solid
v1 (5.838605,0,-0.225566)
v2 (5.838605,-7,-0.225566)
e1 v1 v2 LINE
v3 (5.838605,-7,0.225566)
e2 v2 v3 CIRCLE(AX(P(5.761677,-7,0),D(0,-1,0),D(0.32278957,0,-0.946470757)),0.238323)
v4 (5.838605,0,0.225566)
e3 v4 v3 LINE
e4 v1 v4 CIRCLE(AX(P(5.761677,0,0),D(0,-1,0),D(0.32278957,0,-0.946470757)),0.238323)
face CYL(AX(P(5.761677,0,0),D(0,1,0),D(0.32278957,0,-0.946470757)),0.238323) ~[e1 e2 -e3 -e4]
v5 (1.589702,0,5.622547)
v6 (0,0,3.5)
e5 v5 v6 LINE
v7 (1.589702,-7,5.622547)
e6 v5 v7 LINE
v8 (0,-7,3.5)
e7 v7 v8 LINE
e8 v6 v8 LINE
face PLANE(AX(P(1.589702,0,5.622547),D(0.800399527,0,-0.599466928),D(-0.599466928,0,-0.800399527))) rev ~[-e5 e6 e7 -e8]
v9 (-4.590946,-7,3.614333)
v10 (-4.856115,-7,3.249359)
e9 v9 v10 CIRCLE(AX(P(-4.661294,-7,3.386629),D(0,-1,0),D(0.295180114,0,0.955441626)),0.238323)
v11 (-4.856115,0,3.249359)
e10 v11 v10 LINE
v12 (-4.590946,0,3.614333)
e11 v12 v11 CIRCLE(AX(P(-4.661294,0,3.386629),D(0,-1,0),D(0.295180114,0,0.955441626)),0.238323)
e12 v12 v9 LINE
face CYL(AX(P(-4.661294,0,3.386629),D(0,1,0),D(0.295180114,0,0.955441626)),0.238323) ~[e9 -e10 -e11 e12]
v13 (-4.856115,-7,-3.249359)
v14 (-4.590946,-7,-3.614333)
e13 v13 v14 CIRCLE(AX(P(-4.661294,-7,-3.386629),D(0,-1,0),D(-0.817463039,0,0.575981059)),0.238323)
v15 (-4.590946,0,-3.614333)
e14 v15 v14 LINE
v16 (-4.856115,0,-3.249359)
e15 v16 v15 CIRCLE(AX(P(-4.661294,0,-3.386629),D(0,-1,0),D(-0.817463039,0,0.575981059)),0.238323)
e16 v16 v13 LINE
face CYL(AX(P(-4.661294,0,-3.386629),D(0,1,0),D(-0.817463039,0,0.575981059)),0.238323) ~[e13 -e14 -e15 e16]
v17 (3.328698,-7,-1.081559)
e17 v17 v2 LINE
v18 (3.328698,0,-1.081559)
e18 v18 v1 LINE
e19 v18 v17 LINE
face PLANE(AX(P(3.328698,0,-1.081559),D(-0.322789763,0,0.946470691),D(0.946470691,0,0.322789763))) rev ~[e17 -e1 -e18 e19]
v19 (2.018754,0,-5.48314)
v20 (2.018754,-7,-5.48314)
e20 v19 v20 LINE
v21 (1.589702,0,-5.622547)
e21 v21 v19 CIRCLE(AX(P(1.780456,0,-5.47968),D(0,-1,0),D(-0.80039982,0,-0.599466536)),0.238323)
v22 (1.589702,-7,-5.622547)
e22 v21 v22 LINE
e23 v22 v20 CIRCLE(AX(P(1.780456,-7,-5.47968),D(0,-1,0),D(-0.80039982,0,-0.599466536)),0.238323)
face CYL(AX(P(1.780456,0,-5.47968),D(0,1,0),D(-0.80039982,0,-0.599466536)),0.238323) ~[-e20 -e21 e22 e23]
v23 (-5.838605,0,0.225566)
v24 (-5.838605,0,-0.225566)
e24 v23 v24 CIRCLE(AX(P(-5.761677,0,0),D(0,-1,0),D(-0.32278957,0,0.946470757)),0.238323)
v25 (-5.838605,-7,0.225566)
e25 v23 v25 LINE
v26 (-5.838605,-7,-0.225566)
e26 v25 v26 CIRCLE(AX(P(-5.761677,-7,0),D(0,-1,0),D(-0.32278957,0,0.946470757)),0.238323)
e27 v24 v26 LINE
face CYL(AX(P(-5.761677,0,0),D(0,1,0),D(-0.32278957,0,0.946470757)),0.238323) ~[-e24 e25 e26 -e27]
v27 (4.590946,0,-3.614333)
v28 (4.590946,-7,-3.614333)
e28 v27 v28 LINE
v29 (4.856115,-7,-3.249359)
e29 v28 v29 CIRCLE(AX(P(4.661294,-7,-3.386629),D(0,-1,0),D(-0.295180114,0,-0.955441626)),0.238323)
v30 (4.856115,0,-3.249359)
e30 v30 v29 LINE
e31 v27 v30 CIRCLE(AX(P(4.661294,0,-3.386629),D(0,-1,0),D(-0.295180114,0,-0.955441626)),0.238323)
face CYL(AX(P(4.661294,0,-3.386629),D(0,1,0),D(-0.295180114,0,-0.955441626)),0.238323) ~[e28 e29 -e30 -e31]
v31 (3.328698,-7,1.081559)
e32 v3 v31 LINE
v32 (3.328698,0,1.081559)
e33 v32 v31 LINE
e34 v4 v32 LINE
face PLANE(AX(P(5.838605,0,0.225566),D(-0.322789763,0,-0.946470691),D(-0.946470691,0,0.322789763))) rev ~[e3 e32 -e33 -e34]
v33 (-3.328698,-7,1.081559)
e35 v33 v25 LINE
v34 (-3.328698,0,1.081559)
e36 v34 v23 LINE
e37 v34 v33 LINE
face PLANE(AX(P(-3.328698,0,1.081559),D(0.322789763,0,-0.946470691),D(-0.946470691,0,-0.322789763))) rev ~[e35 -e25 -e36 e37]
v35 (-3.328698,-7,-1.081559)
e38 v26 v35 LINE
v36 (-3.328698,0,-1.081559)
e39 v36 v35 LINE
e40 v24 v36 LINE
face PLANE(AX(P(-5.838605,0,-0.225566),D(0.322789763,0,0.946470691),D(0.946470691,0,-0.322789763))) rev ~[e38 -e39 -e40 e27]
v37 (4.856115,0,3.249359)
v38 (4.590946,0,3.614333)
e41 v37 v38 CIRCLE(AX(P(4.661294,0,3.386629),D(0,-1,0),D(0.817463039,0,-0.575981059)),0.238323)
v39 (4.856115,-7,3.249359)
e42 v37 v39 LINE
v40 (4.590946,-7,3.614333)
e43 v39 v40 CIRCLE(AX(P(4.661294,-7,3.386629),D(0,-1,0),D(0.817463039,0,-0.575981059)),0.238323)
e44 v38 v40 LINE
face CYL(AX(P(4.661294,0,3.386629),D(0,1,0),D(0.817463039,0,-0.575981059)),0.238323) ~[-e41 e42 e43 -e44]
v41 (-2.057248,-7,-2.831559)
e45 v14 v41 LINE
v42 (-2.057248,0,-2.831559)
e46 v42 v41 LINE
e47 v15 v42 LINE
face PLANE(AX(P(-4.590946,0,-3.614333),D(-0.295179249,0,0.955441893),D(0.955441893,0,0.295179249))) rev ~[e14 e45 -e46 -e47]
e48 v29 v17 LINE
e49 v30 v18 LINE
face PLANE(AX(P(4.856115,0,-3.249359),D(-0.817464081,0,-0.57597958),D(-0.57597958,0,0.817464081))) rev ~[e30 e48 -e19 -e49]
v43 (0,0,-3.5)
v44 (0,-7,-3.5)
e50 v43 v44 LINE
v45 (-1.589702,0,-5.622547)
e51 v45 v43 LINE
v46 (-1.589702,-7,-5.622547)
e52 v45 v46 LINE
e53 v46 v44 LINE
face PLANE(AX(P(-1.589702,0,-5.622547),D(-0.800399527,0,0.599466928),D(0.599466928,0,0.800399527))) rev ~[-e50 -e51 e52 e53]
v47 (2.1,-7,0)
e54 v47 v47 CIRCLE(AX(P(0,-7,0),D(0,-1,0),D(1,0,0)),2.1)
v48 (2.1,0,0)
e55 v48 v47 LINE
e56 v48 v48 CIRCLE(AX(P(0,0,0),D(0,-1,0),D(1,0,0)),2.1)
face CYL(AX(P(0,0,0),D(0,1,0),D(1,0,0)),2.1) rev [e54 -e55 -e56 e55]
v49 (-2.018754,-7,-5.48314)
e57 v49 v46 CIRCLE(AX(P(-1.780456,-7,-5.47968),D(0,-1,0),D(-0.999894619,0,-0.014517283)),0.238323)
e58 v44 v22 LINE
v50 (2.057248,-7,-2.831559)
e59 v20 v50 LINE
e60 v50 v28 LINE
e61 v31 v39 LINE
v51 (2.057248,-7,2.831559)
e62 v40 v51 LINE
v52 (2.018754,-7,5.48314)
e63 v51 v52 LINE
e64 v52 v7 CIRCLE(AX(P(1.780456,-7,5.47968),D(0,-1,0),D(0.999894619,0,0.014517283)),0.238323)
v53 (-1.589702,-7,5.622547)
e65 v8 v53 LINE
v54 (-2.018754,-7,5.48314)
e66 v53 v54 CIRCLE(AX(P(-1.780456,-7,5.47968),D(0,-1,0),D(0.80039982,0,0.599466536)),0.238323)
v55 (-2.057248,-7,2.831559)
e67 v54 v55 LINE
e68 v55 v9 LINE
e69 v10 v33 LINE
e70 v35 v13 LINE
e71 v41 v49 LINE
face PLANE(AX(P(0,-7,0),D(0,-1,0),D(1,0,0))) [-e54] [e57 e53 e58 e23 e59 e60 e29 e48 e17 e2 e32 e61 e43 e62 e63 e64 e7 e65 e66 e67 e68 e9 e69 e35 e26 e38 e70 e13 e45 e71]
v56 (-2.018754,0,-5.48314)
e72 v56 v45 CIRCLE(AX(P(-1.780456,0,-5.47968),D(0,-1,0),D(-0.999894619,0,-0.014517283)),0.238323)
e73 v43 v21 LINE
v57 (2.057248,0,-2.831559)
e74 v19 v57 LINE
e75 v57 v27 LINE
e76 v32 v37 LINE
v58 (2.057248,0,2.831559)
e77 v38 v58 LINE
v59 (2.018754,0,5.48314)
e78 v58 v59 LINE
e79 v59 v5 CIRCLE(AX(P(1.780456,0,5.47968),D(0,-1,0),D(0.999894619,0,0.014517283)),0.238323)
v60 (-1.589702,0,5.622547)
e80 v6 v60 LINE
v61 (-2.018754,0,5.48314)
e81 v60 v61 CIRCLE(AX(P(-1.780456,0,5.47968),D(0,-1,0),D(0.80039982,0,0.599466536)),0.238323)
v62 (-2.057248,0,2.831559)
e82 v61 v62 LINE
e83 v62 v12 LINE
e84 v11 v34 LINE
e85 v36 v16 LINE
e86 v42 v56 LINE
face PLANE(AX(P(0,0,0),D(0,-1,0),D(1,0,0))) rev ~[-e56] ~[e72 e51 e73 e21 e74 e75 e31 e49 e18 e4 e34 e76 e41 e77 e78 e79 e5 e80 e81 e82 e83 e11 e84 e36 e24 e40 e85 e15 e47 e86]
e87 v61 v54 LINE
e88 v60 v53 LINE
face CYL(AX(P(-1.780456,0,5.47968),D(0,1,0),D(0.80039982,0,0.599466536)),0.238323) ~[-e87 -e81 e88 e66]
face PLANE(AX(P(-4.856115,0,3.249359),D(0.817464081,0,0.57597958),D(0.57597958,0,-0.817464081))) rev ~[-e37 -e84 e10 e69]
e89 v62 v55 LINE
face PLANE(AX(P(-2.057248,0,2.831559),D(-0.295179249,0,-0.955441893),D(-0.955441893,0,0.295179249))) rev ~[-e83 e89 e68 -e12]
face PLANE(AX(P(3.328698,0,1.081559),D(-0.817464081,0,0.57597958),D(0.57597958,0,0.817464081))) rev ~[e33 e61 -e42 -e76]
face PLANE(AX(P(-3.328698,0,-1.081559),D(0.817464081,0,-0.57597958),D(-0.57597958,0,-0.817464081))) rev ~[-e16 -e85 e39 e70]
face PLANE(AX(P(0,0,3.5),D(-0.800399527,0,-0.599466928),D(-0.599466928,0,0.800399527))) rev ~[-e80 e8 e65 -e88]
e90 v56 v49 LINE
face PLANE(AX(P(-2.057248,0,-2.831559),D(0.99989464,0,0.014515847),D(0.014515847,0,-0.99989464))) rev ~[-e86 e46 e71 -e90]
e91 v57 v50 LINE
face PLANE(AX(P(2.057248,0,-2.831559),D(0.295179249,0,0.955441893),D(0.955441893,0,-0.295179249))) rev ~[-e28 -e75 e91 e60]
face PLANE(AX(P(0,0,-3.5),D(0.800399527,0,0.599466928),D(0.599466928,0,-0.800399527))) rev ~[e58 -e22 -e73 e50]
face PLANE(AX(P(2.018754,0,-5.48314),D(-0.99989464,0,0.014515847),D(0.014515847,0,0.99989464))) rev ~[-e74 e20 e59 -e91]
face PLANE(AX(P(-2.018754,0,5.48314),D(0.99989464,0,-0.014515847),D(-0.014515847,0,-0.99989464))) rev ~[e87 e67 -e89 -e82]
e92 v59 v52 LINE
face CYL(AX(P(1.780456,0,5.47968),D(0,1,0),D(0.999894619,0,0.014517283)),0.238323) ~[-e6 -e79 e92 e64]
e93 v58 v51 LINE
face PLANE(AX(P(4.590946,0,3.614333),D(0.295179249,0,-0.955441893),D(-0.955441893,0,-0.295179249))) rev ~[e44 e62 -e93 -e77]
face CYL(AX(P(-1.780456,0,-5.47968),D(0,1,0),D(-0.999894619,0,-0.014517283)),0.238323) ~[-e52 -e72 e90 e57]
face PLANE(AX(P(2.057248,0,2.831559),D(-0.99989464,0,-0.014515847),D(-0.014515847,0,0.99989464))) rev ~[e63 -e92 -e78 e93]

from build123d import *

# Parameters (mm, degrees)
F0_R     = 2.1
F1_DEPTH = 7


with BuildPart() as f1:
    # F0 (on Front) → F1 (new body)
    with BuildSketch(Plane.XZ):
        with BuildLine():
            Line((3.328698, -1.081559), (5.838605, -0.225566))
            ThreePointArc((5.838605, -0.225566), (6, 0), (5.838605, 0.225566))
            Line((5.838605, 0.225566), (3.328698, 1.081559))
            Line((3.328698, 1.081559), (4.856115, 3.249359))
            ThreePointArc((4.856115, 3.249359), (4.854102, 3.526712), (4.590946, 3.614333))
            Line((4.590946, 3.614333), (2.057248, 2.831559))
            Line((2.057248, 2.831559), (2.018754, 5.48314))
            ThreePointArc((2.018754, 5.48314), (1.854102, 5.706339), (1.589702, 5.622547))
            Line((1.589702, 5.622547), (0, 3.5))
            Line((0, 3.5), (-1.589702, 5.622547))
            ThreePointArc((-1.589702, 5.622547), (-1.854102, 5.706339), (-2.018754, 5.48314))
            Line((-2.018754, 5.48314), (-2.057248, 2.831559))
            Line((-2.057248, 2.831559), (-4.590946, 3.614333))
            ThreePointArc((-4.590946, 3.614333), (-4.854102, 3.526712), (-4.856115, 3.249359))
            Line((-4.856115, 3.249359), (-3.328698, 1.081559))
            Line((-3.328698, 1.081559), (-5.838605, 0.225566))
            ThreePointArc((-5.838605, 0.225566), (-6, 0), (-5.838605, -0.225566))
            Line((-5.838605, -0.225566), (-3.328698, -1.081559))
            Line((-3.328698, -1.081559), (-4.856115, -3.249359))
            ThreePointArc((-4.856115, -3.249359), (-4.854102, -3.526712), (-4.590946, -3.614333))
            Line((-4.590946, -3.614333), (-2.057248, -2.831559))
            Line((-2.057248, -2.831559), (-2.018754, -5.48314))
            ThreePointArc((-2.018754, -5.48314), (-1.854102, -5.706339), (-1.589702, -5.622547))
            Line((-1.589702, -5.622547), (0, -3.5))
            Line((0, -3.5), (1.589702, -5.622547))
            ThreePointArc((1.589702, -5.622547), (1.854102, -5.706339), (2.018754, -5.48314))
            Line((2.018754, -5.48314), (2.057248, -2.831559))
            Line((2.057248, -2.831559), (4.590946, -3.614333))
            ThreePointArc((4.590946, -3.614333), (4.854102, -3.526712), (4.856115, -3.249359))
            Line((4.856115, -3.249359), (3.328698, -1.081559))
        make_face()
        Circle(F0_R, mode=Mode.SUBTRACT)
    extrude(amount=F1_DEPTH)


solid = f1.part
